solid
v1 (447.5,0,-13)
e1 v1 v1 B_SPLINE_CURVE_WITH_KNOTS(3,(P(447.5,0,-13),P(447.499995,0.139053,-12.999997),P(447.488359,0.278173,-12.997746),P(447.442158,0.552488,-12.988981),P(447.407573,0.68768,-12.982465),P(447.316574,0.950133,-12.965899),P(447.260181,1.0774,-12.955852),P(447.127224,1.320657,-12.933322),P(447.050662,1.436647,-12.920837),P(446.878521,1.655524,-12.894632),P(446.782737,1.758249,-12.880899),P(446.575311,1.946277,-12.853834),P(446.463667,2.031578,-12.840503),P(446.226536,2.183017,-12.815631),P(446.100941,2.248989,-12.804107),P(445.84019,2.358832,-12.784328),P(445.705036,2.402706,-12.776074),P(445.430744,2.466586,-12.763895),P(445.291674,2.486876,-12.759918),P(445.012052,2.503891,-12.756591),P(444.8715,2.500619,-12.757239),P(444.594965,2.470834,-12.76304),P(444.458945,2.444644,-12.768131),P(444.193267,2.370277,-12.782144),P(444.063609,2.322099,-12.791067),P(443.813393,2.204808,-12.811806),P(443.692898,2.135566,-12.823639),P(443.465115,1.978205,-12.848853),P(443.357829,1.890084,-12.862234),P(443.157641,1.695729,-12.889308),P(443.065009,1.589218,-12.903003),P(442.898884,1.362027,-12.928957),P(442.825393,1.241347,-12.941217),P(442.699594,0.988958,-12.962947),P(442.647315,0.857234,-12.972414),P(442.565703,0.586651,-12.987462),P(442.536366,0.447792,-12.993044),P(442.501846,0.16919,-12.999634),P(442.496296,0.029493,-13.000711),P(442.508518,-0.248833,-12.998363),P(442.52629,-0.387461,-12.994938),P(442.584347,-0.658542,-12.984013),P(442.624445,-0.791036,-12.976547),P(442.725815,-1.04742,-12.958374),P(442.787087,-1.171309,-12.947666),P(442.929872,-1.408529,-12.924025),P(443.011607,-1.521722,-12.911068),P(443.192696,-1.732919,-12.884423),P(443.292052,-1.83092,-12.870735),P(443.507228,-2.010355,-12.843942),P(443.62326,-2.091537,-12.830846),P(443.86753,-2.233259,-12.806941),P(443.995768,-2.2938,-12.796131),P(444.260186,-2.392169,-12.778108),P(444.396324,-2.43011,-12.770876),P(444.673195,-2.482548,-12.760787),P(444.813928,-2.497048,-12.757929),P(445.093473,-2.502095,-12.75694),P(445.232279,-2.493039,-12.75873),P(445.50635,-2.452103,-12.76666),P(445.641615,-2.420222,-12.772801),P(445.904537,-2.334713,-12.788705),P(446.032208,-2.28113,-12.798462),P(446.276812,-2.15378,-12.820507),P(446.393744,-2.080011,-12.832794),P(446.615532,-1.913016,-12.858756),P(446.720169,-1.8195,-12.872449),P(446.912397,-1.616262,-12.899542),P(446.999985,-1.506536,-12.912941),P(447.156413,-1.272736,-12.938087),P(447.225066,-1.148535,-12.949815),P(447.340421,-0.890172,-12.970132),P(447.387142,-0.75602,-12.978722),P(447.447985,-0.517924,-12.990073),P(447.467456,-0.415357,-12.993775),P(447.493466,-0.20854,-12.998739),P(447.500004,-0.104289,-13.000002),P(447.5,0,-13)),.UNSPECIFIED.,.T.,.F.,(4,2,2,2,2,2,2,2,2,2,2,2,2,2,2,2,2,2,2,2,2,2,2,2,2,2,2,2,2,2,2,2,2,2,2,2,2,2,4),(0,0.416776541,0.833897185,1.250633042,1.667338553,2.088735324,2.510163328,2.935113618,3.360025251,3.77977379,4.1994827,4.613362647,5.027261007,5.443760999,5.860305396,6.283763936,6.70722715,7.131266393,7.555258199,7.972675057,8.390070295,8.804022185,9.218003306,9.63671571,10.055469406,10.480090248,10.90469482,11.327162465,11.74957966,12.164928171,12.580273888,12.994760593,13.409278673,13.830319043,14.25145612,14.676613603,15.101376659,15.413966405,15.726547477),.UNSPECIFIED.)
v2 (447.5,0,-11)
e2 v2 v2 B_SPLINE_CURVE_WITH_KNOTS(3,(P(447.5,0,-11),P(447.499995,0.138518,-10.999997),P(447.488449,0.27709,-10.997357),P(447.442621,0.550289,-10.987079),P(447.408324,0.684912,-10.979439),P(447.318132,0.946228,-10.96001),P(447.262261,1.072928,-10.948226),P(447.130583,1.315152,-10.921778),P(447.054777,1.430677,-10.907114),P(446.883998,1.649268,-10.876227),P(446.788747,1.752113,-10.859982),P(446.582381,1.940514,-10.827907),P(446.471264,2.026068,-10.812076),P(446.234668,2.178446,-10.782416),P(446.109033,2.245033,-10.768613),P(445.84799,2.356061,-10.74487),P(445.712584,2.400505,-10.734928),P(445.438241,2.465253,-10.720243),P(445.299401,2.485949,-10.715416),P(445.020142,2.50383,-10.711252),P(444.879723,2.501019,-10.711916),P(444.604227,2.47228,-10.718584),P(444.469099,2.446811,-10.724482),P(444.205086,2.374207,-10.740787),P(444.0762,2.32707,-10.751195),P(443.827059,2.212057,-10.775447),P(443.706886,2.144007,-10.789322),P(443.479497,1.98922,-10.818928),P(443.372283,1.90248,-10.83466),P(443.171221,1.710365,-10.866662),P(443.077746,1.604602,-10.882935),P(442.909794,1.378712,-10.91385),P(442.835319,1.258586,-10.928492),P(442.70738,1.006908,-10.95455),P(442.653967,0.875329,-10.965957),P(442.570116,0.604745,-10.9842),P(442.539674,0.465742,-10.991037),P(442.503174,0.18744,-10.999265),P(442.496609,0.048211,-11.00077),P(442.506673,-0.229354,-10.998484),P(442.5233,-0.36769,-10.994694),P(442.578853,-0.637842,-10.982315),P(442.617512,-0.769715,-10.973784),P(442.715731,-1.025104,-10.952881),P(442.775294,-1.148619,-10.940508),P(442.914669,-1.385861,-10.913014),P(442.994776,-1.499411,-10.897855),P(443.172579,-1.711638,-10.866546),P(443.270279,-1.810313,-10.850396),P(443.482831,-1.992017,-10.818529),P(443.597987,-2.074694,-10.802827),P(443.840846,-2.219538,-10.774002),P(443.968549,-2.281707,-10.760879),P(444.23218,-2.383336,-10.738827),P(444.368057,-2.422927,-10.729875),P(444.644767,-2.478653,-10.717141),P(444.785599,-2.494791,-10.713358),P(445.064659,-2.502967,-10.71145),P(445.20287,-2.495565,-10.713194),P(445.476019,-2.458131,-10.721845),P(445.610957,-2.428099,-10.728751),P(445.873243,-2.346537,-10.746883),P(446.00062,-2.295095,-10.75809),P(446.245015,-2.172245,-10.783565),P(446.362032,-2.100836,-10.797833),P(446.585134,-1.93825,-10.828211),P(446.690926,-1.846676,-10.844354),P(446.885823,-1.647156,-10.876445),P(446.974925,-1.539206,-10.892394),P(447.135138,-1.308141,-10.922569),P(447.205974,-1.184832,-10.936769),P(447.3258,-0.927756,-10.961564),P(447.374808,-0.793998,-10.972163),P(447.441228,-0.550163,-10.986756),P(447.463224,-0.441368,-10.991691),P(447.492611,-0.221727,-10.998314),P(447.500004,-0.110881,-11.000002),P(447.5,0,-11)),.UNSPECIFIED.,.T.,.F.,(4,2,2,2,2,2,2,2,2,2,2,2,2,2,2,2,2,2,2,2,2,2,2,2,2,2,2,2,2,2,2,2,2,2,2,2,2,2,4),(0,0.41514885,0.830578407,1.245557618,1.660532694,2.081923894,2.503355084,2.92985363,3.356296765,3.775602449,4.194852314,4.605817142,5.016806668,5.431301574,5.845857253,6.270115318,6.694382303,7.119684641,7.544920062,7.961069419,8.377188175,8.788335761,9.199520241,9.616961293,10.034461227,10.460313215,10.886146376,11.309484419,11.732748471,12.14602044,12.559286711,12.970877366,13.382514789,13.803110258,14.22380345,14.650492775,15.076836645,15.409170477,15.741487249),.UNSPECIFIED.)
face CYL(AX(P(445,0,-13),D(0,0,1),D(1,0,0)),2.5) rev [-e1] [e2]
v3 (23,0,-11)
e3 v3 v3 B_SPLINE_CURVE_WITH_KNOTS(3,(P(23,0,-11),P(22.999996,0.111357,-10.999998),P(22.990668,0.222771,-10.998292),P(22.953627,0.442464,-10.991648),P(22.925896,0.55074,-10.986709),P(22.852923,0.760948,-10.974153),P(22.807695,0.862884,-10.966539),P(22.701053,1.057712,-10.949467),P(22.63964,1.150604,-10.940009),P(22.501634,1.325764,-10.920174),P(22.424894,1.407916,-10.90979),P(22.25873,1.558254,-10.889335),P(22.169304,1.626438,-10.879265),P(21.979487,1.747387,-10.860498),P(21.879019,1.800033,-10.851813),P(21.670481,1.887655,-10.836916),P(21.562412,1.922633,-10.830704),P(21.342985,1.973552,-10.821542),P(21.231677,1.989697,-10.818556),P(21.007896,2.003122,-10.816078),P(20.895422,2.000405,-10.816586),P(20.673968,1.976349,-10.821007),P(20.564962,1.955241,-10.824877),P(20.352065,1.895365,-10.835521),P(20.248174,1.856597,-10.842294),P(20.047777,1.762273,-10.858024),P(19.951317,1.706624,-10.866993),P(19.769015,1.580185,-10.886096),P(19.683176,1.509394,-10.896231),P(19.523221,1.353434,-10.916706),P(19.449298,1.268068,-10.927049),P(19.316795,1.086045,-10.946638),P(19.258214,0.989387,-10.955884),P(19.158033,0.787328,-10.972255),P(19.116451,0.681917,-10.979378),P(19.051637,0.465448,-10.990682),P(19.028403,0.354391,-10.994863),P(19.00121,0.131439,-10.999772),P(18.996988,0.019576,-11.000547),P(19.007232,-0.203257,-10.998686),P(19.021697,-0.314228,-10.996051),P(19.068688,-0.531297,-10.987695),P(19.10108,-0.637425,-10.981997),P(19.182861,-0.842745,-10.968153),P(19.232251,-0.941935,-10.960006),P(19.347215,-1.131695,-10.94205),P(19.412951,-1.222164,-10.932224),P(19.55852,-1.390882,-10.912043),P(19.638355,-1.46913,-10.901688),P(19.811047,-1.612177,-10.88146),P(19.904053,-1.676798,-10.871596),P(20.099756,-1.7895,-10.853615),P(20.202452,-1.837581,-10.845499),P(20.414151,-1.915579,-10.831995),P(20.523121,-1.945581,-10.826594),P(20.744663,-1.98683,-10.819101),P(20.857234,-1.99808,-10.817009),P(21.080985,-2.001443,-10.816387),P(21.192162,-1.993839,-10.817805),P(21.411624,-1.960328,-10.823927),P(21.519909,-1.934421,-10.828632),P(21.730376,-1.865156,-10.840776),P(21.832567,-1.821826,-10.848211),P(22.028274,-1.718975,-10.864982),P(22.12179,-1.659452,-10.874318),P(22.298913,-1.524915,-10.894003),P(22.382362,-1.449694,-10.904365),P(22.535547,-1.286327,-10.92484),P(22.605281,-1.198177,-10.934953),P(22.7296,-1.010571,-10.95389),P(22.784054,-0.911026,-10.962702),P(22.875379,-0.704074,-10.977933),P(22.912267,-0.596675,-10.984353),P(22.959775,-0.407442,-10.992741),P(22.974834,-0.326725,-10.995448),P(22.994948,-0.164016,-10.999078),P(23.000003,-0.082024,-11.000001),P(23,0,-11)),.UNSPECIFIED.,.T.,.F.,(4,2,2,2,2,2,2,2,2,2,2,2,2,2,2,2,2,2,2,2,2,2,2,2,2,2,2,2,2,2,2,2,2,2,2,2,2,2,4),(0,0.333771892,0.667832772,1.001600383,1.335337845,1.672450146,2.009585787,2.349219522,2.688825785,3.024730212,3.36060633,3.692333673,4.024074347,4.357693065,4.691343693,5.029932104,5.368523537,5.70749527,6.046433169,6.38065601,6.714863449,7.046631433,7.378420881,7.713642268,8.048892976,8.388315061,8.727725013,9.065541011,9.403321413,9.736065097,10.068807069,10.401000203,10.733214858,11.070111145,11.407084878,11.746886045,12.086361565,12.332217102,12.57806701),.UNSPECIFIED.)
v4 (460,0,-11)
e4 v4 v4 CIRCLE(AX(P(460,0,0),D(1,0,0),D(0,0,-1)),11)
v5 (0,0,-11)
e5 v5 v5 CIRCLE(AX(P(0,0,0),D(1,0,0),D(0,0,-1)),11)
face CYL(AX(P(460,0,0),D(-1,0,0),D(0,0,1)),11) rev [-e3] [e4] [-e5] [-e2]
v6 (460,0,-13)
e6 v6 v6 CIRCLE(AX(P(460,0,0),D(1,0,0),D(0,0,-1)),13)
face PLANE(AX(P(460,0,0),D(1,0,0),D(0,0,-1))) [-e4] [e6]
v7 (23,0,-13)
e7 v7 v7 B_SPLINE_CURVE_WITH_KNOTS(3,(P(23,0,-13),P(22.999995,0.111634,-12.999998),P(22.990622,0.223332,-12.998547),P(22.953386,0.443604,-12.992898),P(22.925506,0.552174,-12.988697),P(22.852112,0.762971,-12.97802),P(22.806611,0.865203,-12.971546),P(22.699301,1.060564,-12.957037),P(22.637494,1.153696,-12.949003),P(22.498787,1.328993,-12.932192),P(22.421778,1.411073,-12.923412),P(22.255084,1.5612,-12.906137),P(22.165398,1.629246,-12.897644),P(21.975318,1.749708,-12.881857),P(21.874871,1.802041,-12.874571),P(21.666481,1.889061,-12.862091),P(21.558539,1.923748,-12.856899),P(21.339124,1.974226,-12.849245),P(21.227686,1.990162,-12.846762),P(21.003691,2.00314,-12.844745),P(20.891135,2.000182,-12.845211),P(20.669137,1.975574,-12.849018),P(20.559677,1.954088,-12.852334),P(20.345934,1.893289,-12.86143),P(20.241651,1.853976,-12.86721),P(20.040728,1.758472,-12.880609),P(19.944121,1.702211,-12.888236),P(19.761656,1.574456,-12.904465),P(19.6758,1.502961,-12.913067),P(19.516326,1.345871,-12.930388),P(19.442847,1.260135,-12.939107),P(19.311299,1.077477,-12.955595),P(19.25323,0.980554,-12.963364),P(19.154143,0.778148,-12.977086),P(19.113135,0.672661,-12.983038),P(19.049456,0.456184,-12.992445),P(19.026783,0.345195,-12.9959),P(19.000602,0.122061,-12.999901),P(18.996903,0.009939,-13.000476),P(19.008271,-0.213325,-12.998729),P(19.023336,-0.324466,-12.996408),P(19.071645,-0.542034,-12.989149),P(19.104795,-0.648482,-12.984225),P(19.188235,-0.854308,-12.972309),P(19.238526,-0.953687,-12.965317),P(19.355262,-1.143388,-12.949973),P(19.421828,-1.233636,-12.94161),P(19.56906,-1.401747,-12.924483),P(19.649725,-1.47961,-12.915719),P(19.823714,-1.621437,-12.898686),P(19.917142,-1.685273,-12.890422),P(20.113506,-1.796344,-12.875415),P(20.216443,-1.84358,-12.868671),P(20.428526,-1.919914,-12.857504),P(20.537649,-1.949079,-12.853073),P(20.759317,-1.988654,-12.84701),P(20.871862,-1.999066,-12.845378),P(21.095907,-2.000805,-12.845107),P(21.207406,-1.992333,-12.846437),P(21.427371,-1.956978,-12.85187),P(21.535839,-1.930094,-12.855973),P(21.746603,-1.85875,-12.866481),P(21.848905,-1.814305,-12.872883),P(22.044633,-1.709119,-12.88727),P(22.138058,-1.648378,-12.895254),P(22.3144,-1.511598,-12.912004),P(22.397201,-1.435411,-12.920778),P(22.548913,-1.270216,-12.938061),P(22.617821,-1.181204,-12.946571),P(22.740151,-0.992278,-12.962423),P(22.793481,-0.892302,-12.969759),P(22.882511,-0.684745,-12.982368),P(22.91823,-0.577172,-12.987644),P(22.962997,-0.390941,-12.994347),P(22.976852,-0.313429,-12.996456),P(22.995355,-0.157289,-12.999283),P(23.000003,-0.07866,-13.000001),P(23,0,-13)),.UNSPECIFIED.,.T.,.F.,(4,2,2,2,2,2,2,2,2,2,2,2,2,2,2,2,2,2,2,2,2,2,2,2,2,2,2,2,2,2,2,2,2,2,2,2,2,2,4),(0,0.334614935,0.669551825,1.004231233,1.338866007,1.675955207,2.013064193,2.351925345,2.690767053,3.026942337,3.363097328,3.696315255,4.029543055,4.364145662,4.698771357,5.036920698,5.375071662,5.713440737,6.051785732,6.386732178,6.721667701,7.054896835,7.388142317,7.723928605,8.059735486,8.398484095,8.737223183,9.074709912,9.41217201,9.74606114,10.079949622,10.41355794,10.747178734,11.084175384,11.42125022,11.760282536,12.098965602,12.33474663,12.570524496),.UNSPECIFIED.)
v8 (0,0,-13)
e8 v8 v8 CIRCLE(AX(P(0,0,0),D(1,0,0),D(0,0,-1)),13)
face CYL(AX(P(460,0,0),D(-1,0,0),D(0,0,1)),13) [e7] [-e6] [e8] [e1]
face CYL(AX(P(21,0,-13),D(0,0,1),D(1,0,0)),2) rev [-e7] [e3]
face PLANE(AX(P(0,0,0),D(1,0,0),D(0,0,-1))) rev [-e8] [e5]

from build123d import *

# Parameters (mm, degrees)
SKETCH_1_R          = 13
SKETCH_1_R_2        = 11
EXTRUDE_1_DEPTH     = 460
SKETCH_2_R          = 2
SKETCH_2_R_2        = 2.5
CUT_EXTRUDE_1_DEPTH = 14


with BuildPart() as part:
    # 草图1 → 凸台-拉伸1 (new body)
    with BuildSketch(Plane(origin=(0, 0, 0), x_dir=(0, 0, -1), z_dir=(1, 0, 0))):
        Circle(SKETCH_1_R)
        Circle(SKETCH_1_R_2, mode=Mode.SUBTRACT)
    extrude(amount=EXTRUDE_1_DEPTH)

    # 草图2 → 切除-拉伸1 (cut, through all)
    with BuildSketch(Plane.XY):
        with Locations((21, 0)):
            Circle(SKETCH_2_R)
        with Locations((445, 0)):
            Circle(SKETCH_2_R_2)
    extrude(amount=-CUT_EXTRUDE_1_DEPTH, mode=Mode.SUBTRACT)


solid = part.part
